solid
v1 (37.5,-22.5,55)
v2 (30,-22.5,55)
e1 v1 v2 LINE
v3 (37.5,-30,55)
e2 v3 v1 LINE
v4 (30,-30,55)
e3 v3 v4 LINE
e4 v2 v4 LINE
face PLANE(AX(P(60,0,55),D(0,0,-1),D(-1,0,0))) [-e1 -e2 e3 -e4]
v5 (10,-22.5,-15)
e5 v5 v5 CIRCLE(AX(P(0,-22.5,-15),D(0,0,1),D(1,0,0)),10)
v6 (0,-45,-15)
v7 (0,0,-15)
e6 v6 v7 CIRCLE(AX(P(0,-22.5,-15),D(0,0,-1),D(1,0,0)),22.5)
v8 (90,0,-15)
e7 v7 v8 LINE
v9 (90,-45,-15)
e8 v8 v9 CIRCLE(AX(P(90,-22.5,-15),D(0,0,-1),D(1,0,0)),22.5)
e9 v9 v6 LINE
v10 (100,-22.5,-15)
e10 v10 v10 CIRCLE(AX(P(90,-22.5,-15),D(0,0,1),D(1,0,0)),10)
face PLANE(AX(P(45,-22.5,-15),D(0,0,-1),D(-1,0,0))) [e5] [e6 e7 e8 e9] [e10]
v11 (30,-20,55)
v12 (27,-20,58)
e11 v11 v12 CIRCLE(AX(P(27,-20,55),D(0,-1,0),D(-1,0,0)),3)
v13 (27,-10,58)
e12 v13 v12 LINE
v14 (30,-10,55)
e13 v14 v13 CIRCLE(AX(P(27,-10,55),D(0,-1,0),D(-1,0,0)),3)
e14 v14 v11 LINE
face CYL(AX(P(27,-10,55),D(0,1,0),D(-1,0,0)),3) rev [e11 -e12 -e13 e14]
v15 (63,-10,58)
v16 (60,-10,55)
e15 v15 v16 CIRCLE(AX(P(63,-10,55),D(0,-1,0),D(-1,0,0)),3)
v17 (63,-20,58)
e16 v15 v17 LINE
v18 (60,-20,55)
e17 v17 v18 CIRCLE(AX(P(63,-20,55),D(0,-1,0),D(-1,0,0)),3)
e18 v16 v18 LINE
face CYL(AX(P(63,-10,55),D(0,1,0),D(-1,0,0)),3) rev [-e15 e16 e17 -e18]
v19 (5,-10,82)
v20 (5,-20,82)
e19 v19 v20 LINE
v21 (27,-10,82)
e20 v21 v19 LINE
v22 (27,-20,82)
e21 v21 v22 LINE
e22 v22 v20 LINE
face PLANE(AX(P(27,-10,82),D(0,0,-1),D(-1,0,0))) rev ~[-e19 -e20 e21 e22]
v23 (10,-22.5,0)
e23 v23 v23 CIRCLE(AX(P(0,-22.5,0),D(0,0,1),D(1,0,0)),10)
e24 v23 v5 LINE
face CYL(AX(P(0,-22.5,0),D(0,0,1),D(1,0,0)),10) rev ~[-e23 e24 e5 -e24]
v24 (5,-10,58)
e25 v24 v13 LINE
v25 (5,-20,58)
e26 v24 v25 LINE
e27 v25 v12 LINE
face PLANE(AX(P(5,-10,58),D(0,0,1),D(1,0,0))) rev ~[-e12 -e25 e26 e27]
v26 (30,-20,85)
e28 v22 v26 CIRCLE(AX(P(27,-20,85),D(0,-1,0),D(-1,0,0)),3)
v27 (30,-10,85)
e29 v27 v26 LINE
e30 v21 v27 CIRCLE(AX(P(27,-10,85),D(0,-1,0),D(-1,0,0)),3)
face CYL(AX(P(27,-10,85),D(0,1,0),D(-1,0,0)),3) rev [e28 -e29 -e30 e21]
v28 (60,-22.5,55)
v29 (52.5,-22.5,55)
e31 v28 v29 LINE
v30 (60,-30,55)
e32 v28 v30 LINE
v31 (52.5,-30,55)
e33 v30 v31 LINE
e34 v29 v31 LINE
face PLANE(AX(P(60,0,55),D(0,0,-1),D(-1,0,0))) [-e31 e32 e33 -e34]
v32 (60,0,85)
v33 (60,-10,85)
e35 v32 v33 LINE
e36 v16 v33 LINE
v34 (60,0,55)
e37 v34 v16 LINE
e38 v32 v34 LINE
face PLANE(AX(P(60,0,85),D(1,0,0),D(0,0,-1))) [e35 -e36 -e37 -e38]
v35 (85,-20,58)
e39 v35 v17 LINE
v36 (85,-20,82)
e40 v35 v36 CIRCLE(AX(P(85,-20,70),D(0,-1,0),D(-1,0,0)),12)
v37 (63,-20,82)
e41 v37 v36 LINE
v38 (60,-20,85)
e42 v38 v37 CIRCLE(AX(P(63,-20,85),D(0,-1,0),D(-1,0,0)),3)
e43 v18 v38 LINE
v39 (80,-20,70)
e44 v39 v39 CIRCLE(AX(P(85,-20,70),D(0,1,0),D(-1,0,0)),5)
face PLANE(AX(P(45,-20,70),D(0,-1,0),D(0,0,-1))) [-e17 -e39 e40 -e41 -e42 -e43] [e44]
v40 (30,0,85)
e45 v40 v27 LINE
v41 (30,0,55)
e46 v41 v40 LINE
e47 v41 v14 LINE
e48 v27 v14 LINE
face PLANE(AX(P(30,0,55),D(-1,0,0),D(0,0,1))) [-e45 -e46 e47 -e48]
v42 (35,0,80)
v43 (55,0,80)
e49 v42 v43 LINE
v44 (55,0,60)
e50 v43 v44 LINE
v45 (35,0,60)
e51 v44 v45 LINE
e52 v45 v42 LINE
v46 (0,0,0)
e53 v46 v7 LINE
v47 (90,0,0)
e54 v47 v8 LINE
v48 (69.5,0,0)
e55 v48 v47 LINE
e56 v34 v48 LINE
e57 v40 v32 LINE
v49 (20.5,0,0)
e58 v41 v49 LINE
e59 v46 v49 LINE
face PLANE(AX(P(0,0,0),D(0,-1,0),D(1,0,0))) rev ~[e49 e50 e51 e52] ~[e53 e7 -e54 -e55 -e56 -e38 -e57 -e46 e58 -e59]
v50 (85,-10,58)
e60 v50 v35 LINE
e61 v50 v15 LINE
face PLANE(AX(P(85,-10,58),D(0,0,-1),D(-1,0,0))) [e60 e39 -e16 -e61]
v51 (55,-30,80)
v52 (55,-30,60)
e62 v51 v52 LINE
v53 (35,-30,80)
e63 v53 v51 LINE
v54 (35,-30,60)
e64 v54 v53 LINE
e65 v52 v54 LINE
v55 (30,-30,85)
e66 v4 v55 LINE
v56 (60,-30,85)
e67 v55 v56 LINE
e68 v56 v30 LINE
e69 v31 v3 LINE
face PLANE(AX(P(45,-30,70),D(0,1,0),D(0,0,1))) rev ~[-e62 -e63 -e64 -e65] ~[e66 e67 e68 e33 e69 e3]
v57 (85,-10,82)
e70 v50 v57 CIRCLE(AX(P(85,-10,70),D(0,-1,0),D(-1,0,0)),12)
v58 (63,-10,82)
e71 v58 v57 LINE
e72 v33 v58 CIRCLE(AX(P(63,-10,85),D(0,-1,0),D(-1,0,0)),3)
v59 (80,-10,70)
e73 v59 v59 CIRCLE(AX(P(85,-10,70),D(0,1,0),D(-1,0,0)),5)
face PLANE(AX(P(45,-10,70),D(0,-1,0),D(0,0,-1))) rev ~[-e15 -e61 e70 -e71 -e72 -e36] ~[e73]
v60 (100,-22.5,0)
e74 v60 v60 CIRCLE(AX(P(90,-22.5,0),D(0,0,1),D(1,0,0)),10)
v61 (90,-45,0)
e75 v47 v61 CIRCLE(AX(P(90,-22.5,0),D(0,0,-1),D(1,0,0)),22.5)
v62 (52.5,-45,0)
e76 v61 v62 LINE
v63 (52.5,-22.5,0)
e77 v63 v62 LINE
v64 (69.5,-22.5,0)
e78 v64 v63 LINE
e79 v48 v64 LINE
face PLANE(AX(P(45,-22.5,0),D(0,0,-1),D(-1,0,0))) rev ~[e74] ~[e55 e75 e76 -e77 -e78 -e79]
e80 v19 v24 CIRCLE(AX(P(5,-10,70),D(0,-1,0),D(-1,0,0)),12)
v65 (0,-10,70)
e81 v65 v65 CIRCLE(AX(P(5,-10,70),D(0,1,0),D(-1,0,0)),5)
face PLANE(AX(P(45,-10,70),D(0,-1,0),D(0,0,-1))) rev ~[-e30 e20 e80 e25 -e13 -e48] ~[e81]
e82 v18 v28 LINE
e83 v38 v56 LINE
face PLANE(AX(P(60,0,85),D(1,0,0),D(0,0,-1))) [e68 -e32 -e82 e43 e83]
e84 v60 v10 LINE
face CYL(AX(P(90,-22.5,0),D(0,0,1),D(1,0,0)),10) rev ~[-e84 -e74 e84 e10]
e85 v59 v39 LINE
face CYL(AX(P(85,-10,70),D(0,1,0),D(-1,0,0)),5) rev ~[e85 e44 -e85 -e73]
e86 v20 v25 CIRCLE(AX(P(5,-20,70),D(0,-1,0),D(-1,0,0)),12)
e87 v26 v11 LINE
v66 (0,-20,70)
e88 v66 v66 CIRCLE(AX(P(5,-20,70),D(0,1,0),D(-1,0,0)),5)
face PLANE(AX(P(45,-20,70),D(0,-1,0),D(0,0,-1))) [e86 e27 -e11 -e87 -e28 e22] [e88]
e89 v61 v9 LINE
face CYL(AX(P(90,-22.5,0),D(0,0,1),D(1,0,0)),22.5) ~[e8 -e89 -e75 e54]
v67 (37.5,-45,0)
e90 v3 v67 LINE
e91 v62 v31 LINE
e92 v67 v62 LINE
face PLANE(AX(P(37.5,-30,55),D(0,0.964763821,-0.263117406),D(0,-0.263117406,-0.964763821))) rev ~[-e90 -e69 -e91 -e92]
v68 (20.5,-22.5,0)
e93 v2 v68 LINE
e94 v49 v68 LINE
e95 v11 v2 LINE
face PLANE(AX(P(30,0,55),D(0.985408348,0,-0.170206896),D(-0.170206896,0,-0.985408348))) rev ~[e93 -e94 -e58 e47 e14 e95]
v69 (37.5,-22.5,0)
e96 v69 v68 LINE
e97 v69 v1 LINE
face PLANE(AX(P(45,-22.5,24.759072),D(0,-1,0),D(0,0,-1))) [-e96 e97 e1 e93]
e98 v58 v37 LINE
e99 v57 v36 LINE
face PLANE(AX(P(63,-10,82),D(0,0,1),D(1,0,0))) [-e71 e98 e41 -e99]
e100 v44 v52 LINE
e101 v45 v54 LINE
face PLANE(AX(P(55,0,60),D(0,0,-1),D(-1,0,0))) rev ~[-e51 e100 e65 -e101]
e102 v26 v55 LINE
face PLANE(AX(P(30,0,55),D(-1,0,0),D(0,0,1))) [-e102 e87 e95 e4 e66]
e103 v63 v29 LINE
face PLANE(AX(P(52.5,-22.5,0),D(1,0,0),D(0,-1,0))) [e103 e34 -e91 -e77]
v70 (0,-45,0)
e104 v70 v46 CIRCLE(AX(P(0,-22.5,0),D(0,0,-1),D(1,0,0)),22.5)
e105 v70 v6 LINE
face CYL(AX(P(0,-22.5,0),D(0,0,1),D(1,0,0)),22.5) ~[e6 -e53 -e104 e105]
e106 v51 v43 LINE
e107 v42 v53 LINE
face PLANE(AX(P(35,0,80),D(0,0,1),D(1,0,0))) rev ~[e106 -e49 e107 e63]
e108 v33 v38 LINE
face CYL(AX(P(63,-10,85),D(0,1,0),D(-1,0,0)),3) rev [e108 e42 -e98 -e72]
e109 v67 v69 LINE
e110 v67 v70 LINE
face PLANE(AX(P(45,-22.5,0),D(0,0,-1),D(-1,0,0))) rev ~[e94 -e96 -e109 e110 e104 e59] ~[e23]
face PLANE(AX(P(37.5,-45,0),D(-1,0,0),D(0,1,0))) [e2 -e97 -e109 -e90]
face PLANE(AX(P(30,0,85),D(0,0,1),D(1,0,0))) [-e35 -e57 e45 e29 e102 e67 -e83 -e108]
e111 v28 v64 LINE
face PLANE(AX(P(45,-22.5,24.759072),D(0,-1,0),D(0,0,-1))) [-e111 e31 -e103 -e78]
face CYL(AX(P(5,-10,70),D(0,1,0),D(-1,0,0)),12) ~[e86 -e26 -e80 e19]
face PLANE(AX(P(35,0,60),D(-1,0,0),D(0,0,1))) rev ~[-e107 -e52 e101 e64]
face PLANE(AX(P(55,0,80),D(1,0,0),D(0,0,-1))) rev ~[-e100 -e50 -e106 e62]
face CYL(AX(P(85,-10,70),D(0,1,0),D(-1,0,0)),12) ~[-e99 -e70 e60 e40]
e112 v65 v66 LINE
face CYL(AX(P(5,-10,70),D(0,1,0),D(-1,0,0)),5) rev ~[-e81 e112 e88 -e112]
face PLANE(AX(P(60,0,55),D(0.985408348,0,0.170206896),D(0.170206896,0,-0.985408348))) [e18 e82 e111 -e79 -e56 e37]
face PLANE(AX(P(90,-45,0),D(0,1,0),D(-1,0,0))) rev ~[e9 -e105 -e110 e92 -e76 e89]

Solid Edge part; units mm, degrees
sketch "Sketch1" plane through (0, 0, 0) normal (0, 0, 1) x (1, 0, 0)
  line L0 (90, -45) -> (0, -45)
  line L1 (0, 0) -> (90, 0)
  arc A0 (0, -45) -> (0, 0) centre (0, -22.5) cw
  arc A1 (90, 0) -> (90, -45) centre (90, -22.5) cw
extrude "Protrusion1" add sketch "Sketch1" against normal blind 15
sketch "Sketch2" plane through (0, 0, 0) normal (0, 0, 1) x (1, 0, 0)
  circle A0 centre (0, -22.5) radius 10
  circle A1 centre (90, -22.5) radius 10
extrude "ExtrudedCutout_1" cut sketch "Sketch2" against normal blind 73.5897
sketch "Sketch3" plane through (45, 0, -7.5) normal (0, 1, 0) x (-1, 0, 0)
  line L0 (15, 62.5) -> (24.5, 7.5)
  line L1 (-24.5, 7.5) -> (24.5, 7.5)
  line L2 (-15, 62.5) -> (-24.5, 7.5)
  line L3 (-15, 62.5) -> (15, 62.5)
extrude "Protrusion2" add sketch "Sketch3" against normal up to vertex (22.5 mm away)
sketch "Sketch4" plane through (45, -10, 20) normal (0, 1, 0) x (-1, 0, 0)
  line L0 (18, 62) -> (40, 62)
  line L1 (40, 38) -> (18, 38)
  line L2 (15, 35) -> (-15, 35)
  line L3 (-40, 38) -> (-18, 38)
  line L4 (-18, 62) -> (-40, 62)
  line L5 (-15, 65) -> (15, 65)
  arc A0 (40, 62) -> (40, 38) centre (40, 50) cw
  arc A1 (15, 35) -> (18, 38) centre (18, 35) cw
  arc A2 (-18, 38) -> (-15, 35) centre (-18, 35) cw
  arc A3 (-40, 38) -> (-40, 62) centre (-40, 50) cw
  arc A4 (-15, 65) -> (-18, 62) centre (-18, 65) cw
  arc A5 (18, 62) -> (15, 65) centre (18, 65) cw
  circle A6 centre (40, 50) radius 5
  circle A7 centre (-40, 50) radius 5
extrude "ExtrudedProtrusion_3" add sketch "Sketch4" against normal blind 10
sketch "Sketch5" plane through (45, 0, -7.5) normal (0, 1, 0) x (-1, 0, 0)
  line L0 (-10, 67.5) -> (10, 67.5)
  line L1 (10, 67.5) -> (10, 87.5)
  line L2 (10, 87.5) -> (-10, 87.5)
  line L3 (-10, 87.5) -> (-10, 67.5)
  line L4 (15, 92.5) -> (-15, 92.5)
  line L5 (-15, 92.5) -> (-15, 62.5)
  line L6 (-15, 62.5) -> (15, 62.5)
  line L7 (15, 62.5) -> (15, 92.5)
extrude "ExtrudedProtrusion_4" add sketch "Sketch5" against normal blind 30
sketch "Sketch6" plane through (0, 0, 0) normal (0, 0, 1) x (1, 0, 0)
  line L0 (37.5, -45) -> (37.5, -22.5)
  line L1 (37.5, -22.5) -> (52.5, -22.5)
  line L2 (52.5, -22.5) -> (52.5, -45)
  line L3 (52.5, -45) -> (37.5, -45)
extrude "ExtrudedProtrusion_5" add sketch "Sketch6" along normal blind 55
sketch "Sketch7" plane through (37.5, -33.75, 27.5) normal (-1, 0, 0) x (0, -1, 0)
  line L0 (11.25, 27.5) -> (-3.75, 27.5)
  line L1 (-3.75, 27.5) -> (11.25, -27.5)
  line L2 (11.25, -27.5) -> (11.25, 27.5)
extrude "ExtrudedCutout_2" cut sketch "Sketch7" against normal blind 229.2973
sketch "Sketch8" plane through (45, -10, 20) normal (0, 1, 0) x (-1, 0, 0)
  line L0 (10, 60) -> (10, 40)
  line L1 (10, 40) -> (-10, 40)
  line L2 (-10, 40) -> (-10, 60)
  line L3 (-10, 60) -> (10, 60)
extrude "Cutout1" cut sketch "Sketch8" against normal blind 101.6813
